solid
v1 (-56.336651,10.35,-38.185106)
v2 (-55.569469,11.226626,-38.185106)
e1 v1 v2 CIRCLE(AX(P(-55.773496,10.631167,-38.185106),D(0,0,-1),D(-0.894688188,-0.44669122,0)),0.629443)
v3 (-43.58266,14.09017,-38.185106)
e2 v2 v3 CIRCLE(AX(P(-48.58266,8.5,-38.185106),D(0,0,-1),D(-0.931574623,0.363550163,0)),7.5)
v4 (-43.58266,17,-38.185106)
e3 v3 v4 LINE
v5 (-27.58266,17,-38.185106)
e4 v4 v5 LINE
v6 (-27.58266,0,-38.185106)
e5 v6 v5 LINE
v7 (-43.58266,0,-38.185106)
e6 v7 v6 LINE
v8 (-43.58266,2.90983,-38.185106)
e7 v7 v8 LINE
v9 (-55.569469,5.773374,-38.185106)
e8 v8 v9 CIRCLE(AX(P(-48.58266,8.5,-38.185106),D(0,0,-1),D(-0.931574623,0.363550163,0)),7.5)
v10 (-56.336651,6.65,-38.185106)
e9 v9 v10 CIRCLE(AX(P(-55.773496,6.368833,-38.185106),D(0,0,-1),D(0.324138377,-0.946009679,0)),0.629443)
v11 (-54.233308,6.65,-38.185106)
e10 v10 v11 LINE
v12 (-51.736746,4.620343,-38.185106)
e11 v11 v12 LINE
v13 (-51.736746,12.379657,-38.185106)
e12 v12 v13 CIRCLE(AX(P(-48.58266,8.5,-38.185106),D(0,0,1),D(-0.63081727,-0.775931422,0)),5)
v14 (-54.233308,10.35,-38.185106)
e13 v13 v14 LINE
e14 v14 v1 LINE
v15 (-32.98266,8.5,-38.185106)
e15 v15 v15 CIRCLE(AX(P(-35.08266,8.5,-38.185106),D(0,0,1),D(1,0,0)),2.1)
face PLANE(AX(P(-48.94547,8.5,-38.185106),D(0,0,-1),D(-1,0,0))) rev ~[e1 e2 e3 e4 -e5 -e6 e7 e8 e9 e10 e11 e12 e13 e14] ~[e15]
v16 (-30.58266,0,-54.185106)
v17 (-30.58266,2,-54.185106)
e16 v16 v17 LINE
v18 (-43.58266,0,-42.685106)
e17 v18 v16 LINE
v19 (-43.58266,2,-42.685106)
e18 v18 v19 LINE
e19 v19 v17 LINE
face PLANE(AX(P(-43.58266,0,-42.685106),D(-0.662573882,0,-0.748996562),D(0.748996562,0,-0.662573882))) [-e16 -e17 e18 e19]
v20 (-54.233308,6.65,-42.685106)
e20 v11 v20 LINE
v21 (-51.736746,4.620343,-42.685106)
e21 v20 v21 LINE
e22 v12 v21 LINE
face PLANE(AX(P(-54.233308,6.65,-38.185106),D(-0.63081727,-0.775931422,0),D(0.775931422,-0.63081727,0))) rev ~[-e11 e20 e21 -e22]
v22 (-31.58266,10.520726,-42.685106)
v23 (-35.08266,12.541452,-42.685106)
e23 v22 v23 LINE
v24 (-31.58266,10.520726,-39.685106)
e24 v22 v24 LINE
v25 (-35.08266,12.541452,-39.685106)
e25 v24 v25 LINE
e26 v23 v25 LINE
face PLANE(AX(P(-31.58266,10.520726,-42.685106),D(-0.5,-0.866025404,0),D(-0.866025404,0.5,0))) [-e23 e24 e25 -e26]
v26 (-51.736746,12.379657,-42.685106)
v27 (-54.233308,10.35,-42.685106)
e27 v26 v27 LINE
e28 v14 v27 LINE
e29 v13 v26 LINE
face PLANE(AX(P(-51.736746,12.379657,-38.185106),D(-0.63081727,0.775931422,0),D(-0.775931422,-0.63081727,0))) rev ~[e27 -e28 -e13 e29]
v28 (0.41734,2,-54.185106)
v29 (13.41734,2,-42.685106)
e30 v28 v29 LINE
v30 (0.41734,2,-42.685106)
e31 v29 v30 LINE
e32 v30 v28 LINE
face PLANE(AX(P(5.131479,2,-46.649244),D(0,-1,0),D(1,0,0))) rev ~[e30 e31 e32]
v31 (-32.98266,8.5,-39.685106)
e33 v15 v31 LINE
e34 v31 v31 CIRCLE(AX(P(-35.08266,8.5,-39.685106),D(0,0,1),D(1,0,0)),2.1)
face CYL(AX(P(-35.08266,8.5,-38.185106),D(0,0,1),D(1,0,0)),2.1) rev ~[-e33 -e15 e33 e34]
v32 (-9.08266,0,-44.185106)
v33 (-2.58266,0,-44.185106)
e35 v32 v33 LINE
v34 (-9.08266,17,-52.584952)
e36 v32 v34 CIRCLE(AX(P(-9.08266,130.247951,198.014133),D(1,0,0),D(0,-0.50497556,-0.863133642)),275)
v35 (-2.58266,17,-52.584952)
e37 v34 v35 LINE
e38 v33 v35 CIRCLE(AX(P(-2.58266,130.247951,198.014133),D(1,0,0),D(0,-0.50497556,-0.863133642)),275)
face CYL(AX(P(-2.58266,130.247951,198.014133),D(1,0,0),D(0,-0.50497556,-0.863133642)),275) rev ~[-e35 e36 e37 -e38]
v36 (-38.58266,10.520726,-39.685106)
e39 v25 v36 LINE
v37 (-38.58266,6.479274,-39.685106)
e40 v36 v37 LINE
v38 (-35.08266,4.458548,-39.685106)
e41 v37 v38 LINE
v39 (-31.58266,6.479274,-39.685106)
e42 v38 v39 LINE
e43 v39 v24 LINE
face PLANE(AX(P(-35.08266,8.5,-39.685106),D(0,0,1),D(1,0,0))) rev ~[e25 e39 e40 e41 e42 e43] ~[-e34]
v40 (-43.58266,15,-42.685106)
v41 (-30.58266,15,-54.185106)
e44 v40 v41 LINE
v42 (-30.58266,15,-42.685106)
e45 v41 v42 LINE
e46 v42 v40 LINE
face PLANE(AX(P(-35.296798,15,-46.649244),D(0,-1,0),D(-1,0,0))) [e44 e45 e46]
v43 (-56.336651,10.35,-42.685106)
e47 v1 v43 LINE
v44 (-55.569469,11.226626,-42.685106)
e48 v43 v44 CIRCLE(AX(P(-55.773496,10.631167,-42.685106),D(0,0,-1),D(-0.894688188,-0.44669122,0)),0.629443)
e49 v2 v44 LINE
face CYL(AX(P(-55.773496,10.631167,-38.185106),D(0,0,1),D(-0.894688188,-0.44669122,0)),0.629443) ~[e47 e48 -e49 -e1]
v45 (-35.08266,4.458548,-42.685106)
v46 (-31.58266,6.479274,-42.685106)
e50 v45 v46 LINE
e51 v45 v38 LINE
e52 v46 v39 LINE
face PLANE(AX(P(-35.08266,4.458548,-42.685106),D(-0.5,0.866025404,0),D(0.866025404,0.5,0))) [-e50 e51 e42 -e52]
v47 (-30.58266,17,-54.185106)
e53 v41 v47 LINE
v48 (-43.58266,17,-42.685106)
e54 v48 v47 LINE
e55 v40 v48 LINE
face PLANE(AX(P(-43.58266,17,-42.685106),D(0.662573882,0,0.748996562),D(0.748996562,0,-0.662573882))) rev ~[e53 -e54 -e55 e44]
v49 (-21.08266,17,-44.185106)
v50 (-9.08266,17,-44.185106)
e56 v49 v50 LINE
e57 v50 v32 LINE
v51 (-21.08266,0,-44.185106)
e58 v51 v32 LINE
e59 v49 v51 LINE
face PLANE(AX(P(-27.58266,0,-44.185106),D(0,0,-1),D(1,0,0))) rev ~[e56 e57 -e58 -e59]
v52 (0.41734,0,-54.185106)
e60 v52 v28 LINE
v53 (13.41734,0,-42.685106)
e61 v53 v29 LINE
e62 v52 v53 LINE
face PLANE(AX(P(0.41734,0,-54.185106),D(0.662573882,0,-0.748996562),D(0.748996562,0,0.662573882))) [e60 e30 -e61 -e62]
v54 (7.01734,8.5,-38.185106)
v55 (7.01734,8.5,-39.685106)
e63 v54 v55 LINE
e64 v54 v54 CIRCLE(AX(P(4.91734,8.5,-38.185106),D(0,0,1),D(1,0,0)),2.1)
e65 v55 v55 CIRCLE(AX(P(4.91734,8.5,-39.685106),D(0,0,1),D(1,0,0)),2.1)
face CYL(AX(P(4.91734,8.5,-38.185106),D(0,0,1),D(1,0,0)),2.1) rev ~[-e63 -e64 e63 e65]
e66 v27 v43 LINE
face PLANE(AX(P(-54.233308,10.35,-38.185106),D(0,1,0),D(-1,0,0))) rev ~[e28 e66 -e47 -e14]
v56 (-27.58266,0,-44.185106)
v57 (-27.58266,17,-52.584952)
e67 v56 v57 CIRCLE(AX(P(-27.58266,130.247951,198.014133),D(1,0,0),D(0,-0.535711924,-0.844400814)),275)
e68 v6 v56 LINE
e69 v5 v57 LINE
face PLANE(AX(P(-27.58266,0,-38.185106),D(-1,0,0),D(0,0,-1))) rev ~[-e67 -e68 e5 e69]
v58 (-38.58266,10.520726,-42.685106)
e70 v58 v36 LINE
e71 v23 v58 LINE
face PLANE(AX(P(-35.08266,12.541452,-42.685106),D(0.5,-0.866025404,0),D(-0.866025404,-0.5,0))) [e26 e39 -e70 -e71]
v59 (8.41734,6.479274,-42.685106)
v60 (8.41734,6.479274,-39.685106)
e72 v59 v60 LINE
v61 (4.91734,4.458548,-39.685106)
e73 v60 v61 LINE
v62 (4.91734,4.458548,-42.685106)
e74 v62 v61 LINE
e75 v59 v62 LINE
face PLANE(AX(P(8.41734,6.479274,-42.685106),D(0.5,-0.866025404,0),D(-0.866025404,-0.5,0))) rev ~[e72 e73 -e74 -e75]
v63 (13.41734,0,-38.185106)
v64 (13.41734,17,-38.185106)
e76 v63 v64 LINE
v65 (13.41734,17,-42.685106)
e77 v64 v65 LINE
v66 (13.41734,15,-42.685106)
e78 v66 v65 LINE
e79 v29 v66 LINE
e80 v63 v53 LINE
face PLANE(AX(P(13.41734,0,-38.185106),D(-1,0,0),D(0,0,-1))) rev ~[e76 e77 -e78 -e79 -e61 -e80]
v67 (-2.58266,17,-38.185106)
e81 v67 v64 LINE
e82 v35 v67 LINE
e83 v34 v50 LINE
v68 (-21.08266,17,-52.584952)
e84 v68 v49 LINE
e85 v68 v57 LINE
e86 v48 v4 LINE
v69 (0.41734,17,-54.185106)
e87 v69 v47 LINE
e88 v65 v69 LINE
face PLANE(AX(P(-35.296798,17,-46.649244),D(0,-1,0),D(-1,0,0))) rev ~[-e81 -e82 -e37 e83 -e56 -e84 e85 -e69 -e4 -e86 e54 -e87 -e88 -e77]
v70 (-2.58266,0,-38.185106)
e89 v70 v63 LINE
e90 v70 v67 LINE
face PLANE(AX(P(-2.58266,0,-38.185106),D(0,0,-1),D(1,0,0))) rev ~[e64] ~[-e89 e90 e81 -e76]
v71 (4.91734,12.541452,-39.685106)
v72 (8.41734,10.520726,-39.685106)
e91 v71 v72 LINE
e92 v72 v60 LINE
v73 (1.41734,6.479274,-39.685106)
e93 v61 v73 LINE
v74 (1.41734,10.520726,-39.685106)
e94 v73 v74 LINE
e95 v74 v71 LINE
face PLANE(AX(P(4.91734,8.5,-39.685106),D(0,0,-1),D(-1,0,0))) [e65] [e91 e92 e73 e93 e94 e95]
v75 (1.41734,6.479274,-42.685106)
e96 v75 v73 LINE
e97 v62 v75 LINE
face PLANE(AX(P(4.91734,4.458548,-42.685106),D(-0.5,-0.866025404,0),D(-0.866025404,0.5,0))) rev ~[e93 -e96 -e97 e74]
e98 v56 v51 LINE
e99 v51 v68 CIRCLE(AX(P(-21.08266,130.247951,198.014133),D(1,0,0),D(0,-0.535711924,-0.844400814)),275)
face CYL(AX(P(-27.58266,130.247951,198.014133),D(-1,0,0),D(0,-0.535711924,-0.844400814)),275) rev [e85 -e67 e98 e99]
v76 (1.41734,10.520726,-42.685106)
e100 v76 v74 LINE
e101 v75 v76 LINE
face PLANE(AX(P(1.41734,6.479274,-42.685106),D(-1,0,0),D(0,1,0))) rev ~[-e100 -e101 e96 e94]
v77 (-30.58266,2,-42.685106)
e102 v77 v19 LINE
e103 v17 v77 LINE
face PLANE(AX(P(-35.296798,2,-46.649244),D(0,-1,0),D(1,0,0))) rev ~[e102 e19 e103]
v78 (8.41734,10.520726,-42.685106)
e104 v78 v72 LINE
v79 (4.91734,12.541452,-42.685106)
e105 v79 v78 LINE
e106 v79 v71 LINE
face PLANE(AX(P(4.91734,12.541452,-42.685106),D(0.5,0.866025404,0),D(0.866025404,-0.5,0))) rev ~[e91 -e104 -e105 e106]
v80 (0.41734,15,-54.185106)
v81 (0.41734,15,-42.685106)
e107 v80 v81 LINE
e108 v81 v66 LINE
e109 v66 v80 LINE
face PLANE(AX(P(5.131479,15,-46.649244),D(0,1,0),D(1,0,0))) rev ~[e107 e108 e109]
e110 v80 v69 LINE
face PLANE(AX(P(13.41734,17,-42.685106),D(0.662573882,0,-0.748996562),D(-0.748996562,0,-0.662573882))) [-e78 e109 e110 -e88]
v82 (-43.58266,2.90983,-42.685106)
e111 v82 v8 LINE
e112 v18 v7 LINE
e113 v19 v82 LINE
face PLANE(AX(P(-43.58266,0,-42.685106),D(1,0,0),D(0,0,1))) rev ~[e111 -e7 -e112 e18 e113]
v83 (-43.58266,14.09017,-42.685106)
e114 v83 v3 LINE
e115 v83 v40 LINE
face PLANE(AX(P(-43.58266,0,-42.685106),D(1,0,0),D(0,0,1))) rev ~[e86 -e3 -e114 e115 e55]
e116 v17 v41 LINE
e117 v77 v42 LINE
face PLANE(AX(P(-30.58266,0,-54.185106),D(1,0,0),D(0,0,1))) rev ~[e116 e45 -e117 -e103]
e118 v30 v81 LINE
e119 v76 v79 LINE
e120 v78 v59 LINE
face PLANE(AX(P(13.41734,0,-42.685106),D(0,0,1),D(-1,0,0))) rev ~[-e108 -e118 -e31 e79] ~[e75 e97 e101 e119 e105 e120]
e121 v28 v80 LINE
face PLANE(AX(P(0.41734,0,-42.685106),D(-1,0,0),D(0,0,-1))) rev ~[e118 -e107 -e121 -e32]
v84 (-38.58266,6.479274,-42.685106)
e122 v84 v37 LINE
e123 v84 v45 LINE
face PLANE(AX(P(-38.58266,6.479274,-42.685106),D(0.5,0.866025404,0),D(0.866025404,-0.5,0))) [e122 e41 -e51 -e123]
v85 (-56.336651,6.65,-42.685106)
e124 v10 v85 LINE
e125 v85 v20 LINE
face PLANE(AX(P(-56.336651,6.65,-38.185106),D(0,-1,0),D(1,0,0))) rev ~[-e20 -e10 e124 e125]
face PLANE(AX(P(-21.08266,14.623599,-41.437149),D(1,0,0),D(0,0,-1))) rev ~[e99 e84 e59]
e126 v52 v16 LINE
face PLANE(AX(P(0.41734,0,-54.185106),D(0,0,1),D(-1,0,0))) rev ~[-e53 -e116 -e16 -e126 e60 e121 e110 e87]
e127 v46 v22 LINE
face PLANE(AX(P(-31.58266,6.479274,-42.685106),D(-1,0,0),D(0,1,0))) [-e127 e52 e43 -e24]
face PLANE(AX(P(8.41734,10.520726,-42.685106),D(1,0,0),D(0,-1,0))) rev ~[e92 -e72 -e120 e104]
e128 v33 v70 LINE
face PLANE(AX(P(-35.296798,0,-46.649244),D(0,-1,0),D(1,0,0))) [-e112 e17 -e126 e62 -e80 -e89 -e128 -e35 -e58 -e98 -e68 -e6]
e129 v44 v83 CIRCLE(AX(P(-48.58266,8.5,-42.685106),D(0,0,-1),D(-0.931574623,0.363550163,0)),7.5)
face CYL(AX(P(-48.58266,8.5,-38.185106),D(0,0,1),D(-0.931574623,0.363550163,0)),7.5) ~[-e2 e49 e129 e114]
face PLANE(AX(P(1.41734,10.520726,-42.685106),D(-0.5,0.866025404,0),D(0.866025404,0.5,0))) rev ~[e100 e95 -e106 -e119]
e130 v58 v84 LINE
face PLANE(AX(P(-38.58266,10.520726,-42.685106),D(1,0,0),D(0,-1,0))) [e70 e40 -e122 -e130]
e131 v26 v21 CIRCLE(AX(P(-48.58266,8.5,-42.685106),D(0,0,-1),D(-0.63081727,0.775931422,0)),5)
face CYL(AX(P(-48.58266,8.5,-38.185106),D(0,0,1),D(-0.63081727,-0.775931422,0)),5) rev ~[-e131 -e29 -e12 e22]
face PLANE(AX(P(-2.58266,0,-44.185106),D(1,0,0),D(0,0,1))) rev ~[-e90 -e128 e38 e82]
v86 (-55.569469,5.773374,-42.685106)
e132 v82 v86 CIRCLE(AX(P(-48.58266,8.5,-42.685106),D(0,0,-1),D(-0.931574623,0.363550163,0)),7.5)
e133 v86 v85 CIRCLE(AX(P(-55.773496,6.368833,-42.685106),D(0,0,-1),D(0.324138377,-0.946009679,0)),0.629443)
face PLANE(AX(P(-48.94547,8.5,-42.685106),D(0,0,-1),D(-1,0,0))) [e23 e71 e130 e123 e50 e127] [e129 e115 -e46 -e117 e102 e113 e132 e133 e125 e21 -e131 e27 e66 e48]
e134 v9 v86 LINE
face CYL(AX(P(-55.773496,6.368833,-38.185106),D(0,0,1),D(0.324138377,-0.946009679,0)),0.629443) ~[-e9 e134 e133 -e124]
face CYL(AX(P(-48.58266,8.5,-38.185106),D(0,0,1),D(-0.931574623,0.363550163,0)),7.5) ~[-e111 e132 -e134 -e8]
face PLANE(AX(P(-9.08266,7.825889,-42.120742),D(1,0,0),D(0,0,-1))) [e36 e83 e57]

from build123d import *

# Parameters (mm, degrees)
BOSS_EXTRUDE1_DEPTH = 17
BOSS_EXTRUDE2_DEPTH = 2
BOSS_EXTRUDE3_DEPTH = 2
SKETCH4_R           = 2.1
CUT_EXTRUDE1_DEPTH  = 100
CUT_EXTRUDE2_DEPTH  = 3
CUT_EXTRUDE3_DEPTH  = 6.5
CUT_EXTRUDE4_DEPTH  = 6.5
BOSS_EXTRUDE4_DEPTH = 4.5


with BuildPart() as part:
    # Sketch1 → Boss-Extrude1 (new body)
    with BuildSketch(Plane(origin=(0, 0, 0), x_dir=(1, 0, 0), z_dir=(0, 1, 0))):
        Polygon((-27.582659514, 44.185105583), (-2.582659514, 44.185105583), (-2.582659514, 38.185105583), (13.417340486, 38.185105583), (13.417340486, 42.685105583), (0.417340486, 42.685105583), (0.417340486, 54.185105583), (-30.582659514, 54.185105583), (-30.582659514, 42.685105583), (-43.582659514, 42.685105583), (-43.582659514, 38.185105583), (-27.582659514, 38.185105583), align=None)
    extrude(amount=BOSS_EXTRUDE1_DEPTH)

    # Sketch2 → Boss-Extrude2 (add)
    with BuildSketch(Plane(origin=(0, 17, 0), x_dir=(1, 0, 0), z_dir=(0, 1, 0))):
        Polygon((-43.582659514, 42.685105583), (-30.582659514, 54.185105583), (-30.582659514, 42.685105583), align=None)
        Polygon((0.417340486, 42.685105583), (13.417340486, 42.685105583), (0.417340486, 54.185105583), align=None)
    extrude(amount=-BOSS_EXTRUDE2_DEPTH)

    # Sketch3 → Boss-Extrude3 (add)
    with BuildSketch(Plane.XZ):
        Polygon((-43.582659514, -42.685105583), (-30.582659514, -54.185105583), (-30.582659514, -42.685105583), align=None)
        Polygon((0.417340486, -42.685105583), (0.417340486, -54.185105583), (13.417340486, -42.685105583), align=None)
    extrude(amount=-BOSS_EXTRUDE3_DEPTH)

    # Sketch4 → Cut-Extrude1 (cut)
    with BuildSketch(Plane.XY.offset(-38.185105583)):
        with Locations((-35.082659514, 8.5)):
            Circle(SKETCH4_R)
        with Locations((4.917340486, 8.5)):
            Circle(SKETCH4_R)
    extrude(amount=-CUT_EXTRUDE1_DEPTH, mode=Mode.SUBTRACT)

    # Sketch5 → Cut-Extrude2 (cut)
    with BuildSketch(Plane(origin=(0, 0, -42.685105583), x_dir=(-1, 0, 0), z_dir=(0, 0, -1))):
        Polygon((31.582659514, 6.479274058), (31.582659514, 10.520725942), (35.082659514, 12.541451884), (38.582659514, 10.520725942), (38.582659514, 6.479274058), (35.082659514, 4.458548116), align=None)
        Polygon((-1.417340486, 10.520725942), (-4.917340486, 12.541451884), (-8.417340486, 10.520725942), (-8.417340486, 6.479274058), (-4.917340486, 4.458548116), (-1.417340486, 6.479274058), align=None)
    extrude(amount=-CUT_EXTRUDE2_DEPTH, mode=Mode.SUBTRACT)

    # Sketch7 → Cut-Extrude3 (cut)
    with BuildSketch(Plane.ZY.offset(2.582659514)):
        with BuildLine():
            Line((-53.601964627, 19.27795803), (-35.36636136, 18.147314128))
            Line((-35.36636136, 18.147314128), (-35.36636136, -6.291096758))
            Line((-35.36636136, -6.291096758), (-39.347618514, -8.620327672))
            ThreePointArc((-39.347618514, -8.620327672), (-46.872397507, 5.125662458), (-53.601964627, 19.27795803))
        make_face()
    extrude(amount=CUT_EXTRUDE3_DEPTH, mode=Mode.SUBTRACT)

    # Sketch8 → Cut-Extrude4 (cut)
    with BuildSketch(Plane(origin=(-27.582659514, 0, 0), x_dir=(0, 0, -1), z_dir=(1, 0, 0))):
        with BuildLine():
            Line((60.133248532, 35.4590838), (29.94533861, 35.4590838))
            Line((29.94533861, 35.4590838), (34.196090785, -17.072827801))
            ThreePointArc((34.196090785, -17.072827801), (48.567589168, 8.50044914), (60.133248532, 35.4590838))
        make_face()
    extrude(amount=CUT_EXTRUDE4_DEPTH, mode=Mode.SUBTRACT)

    # Sketch9 → Boss-Extrude4 (add)
    with BuildSketch(Plane.XY.offset(-38.185105583)):
        with BuildLine():
            Line((-51.736745863, 12.379657112), (-54.233308347, 10.35))
            Line((-54.233308347, 10.35), (-56.336651381, 10.35))
            ThreePointArc((-56.336651381, 10.35), (-56.247164307, 11.045699168), (-55.569469191, 11.226626221))
            ThreePointArc((-55.569469191, 11.226626221), (-41.082659514, 8.5), (-55.569469191, 5.773373779))
            ThreePointArc((-55.569469191, 5.773373779), (-56.247164307, 5.954300832), (-56.336651381, 6.65))
            Line((-56.336651381, 6.65), (-54.233308347, 6.65))
            Line((-54.233308347, 6.65), (-51.736745863, 4.620342888))
            ThreePointArc((-51.736745863, 4.620342888), (-43.582659514, 8.5), (-51.736745863, 12.379657112))
        make_face()
    extrude(amount=-BOSS_EXTRUDE4_DEPTH)


solid = part.part
